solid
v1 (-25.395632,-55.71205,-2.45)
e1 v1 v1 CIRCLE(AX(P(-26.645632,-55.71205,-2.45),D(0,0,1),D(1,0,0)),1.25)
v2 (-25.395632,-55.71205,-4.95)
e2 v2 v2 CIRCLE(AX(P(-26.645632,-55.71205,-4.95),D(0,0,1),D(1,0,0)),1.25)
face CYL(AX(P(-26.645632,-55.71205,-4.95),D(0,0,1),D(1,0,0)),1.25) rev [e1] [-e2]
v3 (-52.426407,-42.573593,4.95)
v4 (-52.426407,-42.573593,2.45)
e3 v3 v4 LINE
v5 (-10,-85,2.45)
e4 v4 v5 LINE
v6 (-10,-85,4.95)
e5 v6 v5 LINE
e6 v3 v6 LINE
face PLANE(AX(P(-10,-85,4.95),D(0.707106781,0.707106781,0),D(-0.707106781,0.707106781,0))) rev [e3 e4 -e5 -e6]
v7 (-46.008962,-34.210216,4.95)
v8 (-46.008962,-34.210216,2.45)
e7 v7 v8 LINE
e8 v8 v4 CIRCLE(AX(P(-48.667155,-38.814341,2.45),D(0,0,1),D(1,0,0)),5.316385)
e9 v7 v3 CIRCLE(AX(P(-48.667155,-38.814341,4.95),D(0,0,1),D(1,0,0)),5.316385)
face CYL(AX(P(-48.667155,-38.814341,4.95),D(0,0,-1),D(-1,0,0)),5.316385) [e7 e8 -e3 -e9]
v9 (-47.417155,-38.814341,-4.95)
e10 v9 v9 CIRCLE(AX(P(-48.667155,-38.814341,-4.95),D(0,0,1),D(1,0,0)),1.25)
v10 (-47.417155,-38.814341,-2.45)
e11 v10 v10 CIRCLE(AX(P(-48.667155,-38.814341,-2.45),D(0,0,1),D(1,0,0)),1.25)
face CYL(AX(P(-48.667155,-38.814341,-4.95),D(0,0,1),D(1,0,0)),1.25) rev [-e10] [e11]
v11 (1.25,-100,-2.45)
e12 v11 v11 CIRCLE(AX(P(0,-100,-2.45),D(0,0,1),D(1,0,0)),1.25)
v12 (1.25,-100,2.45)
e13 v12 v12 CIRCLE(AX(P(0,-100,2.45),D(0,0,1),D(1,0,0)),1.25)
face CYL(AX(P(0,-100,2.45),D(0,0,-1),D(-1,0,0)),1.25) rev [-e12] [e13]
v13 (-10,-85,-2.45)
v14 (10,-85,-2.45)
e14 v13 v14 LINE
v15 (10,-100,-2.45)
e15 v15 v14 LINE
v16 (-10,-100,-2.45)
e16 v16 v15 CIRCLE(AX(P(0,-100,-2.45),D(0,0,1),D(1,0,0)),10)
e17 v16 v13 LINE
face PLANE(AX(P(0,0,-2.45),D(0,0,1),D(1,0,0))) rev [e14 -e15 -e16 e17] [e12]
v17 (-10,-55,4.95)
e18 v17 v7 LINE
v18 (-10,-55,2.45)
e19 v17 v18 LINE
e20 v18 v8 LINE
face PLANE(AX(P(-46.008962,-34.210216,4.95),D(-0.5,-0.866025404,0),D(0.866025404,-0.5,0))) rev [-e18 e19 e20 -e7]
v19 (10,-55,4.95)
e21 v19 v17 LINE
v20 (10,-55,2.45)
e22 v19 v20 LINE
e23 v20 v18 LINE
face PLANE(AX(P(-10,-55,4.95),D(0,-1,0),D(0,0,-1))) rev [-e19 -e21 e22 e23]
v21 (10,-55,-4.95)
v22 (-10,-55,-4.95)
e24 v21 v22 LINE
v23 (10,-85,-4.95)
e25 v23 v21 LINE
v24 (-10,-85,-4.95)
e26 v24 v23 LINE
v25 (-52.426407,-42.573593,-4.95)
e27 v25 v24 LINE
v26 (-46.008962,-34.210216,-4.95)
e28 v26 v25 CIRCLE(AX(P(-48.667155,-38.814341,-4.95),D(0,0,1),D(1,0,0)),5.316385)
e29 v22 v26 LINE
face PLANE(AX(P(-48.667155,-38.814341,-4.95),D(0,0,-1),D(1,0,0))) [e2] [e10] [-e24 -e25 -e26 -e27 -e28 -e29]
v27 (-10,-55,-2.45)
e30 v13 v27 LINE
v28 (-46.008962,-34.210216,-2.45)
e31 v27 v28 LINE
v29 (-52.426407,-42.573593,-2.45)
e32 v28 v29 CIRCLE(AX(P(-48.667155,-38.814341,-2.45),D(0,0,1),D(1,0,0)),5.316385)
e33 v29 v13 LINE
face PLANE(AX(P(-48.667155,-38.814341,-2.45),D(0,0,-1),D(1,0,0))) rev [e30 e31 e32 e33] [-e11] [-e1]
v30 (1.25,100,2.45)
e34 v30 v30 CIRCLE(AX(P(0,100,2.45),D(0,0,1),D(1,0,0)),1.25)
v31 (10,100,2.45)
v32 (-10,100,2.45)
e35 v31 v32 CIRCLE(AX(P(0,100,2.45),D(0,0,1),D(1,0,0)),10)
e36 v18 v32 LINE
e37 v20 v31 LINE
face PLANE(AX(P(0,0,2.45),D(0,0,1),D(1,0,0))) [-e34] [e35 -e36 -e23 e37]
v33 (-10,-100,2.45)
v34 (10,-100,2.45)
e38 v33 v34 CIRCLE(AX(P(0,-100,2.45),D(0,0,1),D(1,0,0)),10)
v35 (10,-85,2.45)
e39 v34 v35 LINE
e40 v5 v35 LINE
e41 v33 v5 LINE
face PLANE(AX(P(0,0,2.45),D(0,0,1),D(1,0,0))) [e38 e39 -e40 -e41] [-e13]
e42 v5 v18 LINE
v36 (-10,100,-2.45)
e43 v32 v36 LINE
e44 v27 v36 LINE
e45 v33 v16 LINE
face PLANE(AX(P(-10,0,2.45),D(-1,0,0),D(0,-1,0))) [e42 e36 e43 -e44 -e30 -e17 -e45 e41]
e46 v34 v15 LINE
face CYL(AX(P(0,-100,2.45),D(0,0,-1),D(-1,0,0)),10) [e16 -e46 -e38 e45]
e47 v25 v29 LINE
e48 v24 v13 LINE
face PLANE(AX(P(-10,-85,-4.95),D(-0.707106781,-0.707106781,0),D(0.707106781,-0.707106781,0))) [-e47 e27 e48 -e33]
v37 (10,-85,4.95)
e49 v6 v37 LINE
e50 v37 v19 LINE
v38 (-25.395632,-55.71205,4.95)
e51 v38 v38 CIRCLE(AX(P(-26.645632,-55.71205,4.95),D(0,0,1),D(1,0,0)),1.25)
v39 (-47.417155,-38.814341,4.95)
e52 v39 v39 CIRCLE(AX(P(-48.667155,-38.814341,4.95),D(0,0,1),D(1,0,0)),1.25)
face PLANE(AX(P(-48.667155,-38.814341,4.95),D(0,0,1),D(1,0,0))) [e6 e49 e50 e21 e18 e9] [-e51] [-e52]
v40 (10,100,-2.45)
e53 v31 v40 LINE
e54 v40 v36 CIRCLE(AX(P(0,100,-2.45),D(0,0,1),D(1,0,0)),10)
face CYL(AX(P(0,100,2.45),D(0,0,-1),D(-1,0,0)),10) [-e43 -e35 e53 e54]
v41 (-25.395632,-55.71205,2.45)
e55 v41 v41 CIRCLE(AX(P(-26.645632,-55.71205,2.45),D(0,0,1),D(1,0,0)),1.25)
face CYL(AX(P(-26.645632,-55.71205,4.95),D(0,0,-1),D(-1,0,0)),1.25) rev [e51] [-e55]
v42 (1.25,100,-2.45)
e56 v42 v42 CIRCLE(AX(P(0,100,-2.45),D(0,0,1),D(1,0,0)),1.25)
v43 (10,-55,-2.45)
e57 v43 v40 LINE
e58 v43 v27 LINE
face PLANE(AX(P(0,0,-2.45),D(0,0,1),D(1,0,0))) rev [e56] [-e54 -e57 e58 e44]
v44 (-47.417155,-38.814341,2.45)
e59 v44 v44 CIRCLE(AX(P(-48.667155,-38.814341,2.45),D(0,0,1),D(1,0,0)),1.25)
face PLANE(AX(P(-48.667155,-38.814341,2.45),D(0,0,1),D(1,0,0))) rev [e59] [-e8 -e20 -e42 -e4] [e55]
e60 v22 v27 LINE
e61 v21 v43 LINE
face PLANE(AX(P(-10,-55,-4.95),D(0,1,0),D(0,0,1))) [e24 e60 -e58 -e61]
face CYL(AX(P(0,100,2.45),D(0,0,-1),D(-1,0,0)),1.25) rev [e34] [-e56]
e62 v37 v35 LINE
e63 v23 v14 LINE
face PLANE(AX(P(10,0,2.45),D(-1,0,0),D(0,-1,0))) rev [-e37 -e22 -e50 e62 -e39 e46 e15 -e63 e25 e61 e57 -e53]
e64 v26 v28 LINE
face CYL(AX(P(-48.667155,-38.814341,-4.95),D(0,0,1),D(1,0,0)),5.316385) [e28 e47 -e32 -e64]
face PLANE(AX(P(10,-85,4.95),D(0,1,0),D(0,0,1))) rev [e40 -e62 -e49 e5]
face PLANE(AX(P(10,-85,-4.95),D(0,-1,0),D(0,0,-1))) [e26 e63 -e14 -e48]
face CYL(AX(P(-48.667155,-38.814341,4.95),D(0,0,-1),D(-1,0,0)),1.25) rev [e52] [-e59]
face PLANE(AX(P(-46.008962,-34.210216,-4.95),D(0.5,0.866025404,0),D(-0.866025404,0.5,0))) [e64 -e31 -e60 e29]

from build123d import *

# Parameters (mm, degrees)
SKETCH1_R           = 1.25
BOSS_EXTRUDE2_DEPTH = 2.45
SKETCH4_R           = 1.25
BOSS_EXTRUDE4_DEPTH = 2.5


with BuildPart() as part:
    # Sketch1 → Boss-Extrude2 (new, symmetric)
    with BuildSketch(Plane.XY):
        with BuildLine():
            Line((-10, -100), (-10, 100))
            ThreePointArc((-10, 100), (0, 110), (10, 100))
            Line((10, 100), (10, -100))
            ThreePointArc((10, -100), (0, -110), (-10, -100))
        make_face()
        with Locations((0, 100)):
            Circle(SKETCH1_R, mode=Mode.SUBTRACT)
        with Locations((0, -100)):
            Circle(SKETCH1_R, mode=Mode.SUBTRACT)
    extrude(amount=BOSS_EXTRUDE2_DEPTH, both=True)

    # Sketch4 → Boss-Extrude4 (add)
    with BuildSketch(Plane.XY.offset(2.45)):
        with BuildLine():
            Line((-10, -85), (-52.426406871, -42.573593129))
            ThreePointArc((-52.426406871, -42.573593129), (-52.884926821, -35.577930556), (-46.008961975, -34.210216111))
            Line((-46.008961975, -34.210216111), (-10, -55))
            Line((-10, -55), (10, -55))
            Line((10, -55), (10, -85))
            Line((10, -85), (-10, -85))
        make_face()
        with Locations((-48.667154687, -38.814340944)):
            Circle(SKETCH4_R, mode=Mode.SUBTRACT)
        with Locations((-26.645631723, -55.712049831)):
            Circle(SKETCH4_R, mode=Mode.SUBTRACT)
    boss_extrude4 = extrude(amount=BOSS_EXTRUDE4_DEPTH)

    # Mirror1: Boss-Extrude4 across plane
    add(boss_extrude4.mirror(Plane.XY))


solid = part.part
